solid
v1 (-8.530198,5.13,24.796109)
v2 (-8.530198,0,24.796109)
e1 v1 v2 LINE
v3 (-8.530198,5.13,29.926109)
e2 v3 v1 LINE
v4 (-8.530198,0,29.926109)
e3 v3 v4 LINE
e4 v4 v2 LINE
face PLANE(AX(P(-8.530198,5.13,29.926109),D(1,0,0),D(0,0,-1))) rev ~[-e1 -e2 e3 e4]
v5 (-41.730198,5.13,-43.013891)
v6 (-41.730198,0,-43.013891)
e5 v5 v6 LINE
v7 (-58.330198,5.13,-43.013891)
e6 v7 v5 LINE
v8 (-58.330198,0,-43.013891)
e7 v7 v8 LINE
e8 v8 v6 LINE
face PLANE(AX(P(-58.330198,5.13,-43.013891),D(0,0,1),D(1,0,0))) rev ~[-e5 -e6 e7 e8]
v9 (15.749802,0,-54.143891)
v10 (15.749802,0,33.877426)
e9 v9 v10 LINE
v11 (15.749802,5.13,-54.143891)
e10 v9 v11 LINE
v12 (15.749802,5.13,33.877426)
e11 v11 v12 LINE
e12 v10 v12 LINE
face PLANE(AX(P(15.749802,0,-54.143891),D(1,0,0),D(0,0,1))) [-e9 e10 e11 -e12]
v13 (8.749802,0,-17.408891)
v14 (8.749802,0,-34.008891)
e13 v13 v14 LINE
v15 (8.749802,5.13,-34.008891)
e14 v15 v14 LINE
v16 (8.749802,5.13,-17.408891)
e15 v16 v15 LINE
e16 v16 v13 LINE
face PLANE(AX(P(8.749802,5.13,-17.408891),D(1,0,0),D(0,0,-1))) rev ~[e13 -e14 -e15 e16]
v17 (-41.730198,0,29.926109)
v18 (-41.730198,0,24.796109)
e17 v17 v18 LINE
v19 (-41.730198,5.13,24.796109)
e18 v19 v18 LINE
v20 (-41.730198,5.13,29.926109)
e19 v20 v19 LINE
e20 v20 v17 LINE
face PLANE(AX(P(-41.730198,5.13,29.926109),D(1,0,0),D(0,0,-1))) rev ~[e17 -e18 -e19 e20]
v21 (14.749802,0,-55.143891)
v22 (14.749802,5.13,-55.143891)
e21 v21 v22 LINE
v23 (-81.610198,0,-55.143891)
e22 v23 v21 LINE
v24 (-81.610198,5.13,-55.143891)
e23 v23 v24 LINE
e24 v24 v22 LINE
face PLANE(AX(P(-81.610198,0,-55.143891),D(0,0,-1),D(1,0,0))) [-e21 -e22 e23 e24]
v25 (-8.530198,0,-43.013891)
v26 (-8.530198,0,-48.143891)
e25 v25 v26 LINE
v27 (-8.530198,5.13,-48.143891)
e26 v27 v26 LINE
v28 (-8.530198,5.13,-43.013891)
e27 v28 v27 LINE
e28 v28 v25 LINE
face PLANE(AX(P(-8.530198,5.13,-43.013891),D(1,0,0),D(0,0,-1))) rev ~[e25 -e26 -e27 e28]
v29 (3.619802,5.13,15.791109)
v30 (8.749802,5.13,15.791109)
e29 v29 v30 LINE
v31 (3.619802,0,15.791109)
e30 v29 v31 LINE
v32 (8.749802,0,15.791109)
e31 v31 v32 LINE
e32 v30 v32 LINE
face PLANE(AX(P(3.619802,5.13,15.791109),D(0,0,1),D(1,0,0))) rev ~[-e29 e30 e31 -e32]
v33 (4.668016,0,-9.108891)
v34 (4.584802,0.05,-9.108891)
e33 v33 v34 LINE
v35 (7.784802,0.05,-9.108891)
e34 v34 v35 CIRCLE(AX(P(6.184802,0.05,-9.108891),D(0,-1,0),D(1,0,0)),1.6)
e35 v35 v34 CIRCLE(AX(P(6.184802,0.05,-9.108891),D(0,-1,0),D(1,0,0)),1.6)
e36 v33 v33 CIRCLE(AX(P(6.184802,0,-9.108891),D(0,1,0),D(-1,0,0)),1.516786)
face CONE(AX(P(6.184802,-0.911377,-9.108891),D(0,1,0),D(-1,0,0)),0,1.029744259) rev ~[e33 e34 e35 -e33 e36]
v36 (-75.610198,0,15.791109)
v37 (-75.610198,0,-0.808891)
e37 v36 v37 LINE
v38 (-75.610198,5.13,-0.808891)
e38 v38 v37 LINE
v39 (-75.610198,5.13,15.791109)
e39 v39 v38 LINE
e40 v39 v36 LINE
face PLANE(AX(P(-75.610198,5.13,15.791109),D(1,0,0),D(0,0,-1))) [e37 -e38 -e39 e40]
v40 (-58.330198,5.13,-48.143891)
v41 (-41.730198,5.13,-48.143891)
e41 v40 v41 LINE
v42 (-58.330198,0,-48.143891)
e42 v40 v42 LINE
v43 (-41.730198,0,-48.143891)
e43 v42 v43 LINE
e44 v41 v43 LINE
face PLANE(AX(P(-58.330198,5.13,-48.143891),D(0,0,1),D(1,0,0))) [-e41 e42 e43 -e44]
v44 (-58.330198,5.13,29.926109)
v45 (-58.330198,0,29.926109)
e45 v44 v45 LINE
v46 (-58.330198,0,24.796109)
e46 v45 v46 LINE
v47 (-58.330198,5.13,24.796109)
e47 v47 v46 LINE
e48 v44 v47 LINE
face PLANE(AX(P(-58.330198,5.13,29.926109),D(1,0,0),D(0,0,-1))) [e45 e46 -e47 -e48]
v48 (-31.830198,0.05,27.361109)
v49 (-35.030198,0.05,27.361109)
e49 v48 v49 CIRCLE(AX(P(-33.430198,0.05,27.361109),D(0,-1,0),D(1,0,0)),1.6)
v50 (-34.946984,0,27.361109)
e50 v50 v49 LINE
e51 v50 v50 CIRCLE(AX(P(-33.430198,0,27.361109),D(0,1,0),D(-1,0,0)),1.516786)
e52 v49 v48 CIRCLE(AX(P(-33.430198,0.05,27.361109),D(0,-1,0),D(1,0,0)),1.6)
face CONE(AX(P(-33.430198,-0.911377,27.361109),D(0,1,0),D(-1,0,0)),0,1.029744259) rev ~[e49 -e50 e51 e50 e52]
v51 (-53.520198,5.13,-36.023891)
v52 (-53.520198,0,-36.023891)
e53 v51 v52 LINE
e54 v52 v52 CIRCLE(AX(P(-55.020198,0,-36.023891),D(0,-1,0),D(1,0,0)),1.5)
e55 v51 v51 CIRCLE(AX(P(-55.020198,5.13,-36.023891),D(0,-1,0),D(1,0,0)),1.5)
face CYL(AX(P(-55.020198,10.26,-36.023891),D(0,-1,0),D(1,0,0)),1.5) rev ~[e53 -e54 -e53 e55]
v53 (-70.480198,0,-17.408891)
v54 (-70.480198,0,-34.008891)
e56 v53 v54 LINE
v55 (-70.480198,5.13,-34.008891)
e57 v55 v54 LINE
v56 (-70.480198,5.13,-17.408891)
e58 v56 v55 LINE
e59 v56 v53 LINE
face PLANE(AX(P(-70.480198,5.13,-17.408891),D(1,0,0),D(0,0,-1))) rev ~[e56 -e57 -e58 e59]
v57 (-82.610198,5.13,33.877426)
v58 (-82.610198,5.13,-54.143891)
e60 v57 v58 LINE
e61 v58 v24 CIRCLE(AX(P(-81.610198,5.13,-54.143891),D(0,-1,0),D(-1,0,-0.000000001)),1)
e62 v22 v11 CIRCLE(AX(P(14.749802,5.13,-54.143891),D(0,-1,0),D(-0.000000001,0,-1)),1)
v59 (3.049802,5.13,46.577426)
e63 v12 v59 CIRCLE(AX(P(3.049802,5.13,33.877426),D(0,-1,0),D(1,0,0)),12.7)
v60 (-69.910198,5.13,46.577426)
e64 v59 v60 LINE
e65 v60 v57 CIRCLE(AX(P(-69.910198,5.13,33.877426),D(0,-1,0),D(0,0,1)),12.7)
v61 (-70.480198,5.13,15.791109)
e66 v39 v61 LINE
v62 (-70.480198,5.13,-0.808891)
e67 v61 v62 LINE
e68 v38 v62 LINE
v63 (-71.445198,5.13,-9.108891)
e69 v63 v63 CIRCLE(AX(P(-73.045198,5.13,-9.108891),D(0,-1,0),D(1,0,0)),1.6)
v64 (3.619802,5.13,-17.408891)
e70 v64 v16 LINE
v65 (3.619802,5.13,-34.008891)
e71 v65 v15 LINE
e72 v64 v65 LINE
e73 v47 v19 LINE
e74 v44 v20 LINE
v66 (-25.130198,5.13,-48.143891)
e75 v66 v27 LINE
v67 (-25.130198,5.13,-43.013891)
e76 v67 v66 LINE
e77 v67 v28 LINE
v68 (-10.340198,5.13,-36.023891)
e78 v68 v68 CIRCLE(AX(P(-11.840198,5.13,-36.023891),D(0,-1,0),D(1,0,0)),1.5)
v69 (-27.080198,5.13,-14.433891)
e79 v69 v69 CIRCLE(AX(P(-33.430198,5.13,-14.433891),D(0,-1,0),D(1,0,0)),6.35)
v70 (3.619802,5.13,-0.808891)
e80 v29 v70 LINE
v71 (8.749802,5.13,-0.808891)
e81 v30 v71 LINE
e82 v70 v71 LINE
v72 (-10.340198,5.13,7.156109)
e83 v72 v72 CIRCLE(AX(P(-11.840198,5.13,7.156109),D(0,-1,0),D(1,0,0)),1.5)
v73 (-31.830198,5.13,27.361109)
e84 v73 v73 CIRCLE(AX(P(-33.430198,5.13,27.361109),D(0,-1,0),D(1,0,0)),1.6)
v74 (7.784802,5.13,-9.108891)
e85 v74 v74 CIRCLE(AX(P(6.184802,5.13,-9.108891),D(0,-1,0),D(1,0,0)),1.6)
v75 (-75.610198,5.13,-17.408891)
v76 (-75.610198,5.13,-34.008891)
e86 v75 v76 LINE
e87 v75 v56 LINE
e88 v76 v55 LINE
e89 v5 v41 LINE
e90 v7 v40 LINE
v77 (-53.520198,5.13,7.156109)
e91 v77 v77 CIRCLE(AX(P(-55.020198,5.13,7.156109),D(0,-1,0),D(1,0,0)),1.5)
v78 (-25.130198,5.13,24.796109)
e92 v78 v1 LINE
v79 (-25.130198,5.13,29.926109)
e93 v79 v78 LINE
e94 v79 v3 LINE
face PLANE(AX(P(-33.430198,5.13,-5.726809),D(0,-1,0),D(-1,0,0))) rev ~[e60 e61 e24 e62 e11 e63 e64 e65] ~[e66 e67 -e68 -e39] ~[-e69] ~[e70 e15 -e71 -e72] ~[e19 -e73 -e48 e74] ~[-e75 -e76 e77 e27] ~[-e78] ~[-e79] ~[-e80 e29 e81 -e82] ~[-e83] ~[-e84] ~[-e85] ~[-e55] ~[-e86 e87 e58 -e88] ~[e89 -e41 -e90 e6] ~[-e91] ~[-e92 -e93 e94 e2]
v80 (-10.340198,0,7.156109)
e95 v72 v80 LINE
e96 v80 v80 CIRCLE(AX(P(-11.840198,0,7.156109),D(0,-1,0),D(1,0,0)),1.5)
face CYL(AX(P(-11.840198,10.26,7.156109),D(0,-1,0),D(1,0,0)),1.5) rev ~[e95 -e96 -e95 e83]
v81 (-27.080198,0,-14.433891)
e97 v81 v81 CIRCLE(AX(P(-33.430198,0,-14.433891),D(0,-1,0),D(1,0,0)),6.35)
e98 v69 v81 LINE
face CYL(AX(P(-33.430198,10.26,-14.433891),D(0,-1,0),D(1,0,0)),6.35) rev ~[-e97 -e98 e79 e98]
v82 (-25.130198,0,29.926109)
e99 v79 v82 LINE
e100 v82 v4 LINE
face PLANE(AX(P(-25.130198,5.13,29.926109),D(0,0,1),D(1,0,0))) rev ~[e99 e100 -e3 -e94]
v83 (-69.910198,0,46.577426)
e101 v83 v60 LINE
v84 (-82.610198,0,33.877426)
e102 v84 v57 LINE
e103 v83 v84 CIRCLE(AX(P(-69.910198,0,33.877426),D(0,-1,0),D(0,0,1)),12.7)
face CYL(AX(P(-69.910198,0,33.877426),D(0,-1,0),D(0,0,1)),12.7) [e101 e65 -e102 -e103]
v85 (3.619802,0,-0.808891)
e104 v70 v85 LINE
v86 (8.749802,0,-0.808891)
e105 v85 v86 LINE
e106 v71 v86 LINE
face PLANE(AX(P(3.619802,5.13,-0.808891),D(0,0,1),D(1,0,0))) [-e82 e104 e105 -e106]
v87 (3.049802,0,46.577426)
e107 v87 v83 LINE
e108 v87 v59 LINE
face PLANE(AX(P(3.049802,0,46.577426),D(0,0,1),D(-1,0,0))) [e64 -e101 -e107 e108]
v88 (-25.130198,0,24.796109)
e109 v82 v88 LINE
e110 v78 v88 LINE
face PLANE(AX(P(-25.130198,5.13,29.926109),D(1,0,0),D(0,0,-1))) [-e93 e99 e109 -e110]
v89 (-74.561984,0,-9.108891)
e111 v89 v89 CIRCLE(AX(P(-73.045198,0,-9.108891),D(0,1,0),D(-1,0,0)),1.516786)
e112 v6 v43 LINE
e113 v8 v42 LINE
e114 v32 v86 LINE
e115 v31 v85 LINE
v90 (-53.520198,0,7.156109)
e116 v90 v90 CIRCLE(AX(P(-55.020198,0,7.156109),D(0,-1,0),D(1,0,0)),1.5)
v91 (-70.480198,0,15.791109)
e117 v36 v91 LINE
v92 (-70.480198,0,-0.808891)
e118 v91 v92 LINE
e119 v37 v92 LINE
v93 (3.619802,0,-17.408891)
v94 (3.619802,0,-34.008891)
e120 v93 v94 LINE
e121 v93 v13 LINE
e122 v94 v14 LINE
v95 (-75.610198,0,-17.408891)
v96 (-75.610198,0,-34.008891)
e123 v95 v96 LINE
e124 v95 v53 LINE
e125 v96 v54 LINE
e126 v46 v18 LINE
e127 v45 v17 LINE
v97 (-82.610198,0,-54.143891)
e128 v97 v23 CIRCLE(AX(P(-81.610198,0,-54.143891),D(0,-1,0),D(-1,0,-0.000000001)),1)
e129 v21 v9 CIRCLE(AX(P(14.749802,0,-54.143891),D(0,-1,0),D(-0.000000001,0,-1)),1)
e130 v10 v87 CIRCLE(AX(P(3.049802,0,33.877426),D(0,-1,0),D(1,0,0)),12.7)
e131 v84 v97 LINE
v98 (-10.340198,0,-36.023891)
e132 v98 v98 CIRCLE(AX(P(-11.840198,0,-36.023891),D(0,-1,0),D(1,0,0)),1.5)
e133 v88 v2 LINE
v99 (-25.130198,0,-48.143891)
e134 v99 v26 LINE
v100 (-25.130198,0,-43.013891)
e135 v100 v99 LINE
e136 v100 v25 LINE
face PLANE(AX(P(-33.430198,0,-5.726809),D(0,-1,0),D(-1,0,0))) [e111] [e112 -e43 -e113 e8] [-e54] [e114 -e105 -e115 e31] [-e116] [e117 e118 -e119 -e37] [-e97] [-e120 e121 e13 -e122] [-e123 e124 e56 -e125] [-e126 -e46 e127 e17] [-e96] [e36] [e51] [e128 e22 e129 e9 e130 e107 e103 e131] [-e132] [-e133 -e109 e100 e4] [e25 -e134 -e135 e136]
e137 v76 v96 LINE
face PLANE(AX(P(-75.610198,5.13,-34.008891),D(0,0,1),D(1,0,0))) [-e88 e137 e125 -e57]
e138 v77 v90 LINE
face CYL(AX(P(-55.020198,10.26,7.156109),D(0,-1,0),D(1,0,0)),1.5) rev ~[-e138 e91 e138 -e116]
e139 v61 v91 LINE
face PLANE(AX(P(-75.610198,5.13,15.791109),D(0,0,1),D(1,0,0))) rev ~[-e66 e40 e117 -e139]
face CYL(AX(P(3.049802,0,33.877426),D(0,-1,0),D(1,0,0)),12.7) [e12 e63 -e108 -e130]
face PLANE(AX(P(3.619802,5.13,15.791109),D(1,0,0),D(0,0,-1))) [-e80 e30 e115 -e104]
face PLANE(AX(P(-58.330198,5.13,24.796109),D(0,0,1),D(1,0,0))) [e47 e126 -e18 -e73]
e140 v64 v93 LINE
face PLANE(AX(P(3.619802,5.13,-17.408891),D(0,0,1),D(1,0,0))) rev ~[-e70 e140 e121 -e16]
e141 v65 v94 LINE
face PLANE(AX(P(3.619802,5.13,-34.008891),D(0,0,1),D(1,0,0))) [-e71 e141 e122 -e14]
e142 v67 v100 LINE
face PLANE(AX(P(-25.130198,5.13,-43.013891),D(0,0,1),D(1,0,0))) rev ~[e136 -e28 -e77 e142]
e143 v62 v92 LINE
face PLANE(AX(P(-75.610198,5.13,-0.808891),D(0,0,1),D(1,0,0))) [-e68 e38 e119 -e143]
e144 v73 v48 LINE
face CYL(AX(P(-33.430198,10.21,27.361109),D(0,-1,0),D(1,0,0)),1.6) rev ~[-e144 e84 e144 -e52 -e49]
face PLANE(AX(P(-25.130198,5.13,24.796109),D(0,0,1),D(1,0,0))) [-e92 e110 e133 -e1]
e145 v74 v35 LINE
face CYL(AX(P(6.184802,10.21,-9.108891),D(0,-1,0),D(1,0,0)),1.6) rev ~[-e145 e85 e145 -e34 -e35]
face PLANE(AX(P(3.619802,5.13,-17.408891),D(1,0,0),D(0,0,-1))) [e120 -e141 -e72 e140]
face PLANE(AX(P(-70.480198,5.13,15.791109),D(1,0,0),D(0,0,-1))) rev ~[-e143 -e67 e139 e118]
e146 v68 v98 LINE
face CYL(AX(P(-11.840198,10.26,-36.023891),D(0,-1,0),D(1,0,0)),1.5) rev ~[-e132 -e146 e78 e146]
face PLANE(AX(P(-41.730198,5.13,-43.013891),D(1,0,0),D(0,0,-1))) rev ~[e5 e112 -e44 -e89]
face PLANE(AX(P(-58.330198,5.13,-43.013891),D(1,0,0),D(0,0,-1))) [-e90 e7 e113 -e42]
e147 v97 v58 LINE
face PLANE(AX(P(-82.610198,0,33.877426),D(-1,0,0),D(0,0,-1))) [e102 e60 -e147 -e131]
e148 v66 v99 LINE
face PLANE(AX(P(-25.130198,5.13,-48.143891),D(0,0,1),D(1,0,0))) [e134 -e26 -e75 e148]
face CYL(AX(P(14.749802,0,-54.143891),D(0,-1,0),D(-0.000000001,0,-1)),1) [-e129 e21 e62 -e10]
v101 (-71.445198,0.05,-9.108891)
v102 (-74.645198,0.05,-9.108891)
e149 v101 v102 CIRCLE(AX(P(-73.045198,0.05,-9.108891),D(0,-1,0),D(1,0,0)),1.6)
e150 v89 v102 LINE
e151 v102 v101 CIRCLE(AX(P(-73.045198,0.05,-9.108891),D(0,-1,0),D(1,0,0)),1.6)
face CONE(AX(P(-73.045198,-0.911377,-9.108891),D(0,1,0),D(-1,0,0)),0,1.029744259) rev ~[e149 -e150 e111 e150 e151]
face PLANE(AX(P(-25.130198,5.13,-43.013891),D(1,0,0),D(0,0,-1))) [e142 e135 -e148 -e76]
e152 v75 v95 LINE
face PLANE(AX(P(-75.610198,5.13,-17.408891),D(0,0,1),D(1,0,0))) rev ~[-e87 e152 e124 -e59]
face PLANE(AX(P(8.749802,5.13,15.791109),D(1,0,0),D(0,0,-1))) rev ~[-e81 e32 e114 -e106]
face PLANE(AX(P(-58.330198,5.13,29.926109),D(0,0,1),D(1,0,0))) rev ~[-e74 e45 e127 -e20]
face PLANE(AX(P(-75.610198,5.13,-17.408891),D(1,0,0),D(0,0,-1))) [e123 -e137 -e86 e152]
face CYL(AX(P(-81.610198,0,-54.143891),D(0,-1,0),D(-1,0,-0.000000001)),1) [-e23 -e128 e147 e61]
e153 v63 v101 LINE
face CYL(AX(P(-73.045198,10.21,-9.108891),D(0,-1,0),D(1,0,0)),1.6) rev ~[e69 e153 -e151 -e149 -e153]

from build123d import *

# Parameters (mm, degrees)
MAIN_DEPTH                     = 5.13
F_3_0_3_DIAMETER_HOLE2_D       = 3
F_3_0_3_DIAMETER_HOLE2_DEPTH   = 5.13
SKETCH4_W                      = 5.13
SKETCH4_H                      = 16.6
TEETH_HOLES_DEPTH              = 5.13
TEETH_HOLES_2_REACH            = 7.13
SKETCH5_W                      = 16.6
SKETCH5_H                      = 5.13
F_1_2_0_5_DIAMETER_HOLE1_D     = 12.7
F_1_2_0_5_DIAMETER_HOLE1_DEPTH = 5.13
M3_CLEARANCE_HOLE2_D           = 3.2
M3_CLEARANCE_HOLE2_DEPTH       = 5.08
M3_CLEARANCE_HOLE2_TIP         = 0.96137699


with BuildPart() as part:
    # Sketch1 → Main (new body)
    with BuildSketch(Plane(origin=(0, 0, 0), x_dir=(1, 0, 0), z_dir=(0, 1, 0))):
        with BuildLine():
            Line((-81.610197541, 55.143891453), (14.749802459, 55.143891453))
            ThreePointArc((14.749802459, 55.143891453), (15.456909241, 54.850998234), (15.749802459, 54.143891453))
            Line((15.749802459, 54.143891453), (15.749802459, -33.877426122))
            ThreePointArc((15.749802459, -33.877426122), (12.03005858, -42.857682243), (3.049802459, -46.577426122))
            Line((3.049802459, -46.577426122), (-69.910197541, -46.577426122))
            ThreePointArc((-69.910197541, -46.577426122), (-78.890453662, -42.857682243), (-82.610197541, -33.877426122))
            Line((-82.610197541, -33.877426122), (-82.610197541, 54.143891453))
            ThreePointArc((-82.610197541, 54.143891453), (-82.317304322, 54.850998234), (-81.610197541, 55.143891453))
        make_face()
    extrude(amount=MAIN_DEPTH)

    # Ø3.0 (3) Diameter Hole2
    with Locations(Plane(origin=(0, 5.13, 0), x_dir=(-1, 0, 0), z_dir=(0, 1, 0))):
        with Locations((55.020197541, -36.023891453), (11.840197541, -36.023891453), (55.020197541, 7.156108547), (11.840197541, 7.156108547)):
            Hole(F_3_0_3_DIAMETER_HOLE2_D / 2, depth=F_3_0_3_DIAMETER_HOLE2_DEPTH)

    # Sketch4 → Teeth holes (cut)
    with BuildSketch(Plane(origin=(0, 5.13, 0), x_dir=(1, 0, 0), z_dir=(0, 1, 0))):
        with Locations((-73.045197541, 25.708891453)):
            Rectangle(SKETCH4_W, SKETCH4_H)
        with Locations((6.184802459, 25.708891453)):
            Rectangle(SKETCH4_W, SKETCH4_H)
        with Locations((-73.045197541, -7.491108547)):
            Rectangle(SKETCH4_W, SKETCH4_H)
        with Locations((6.184802459, -7.491108547)):
            Rectangle(SKETCH4_W, SKETCH4_H)
    extrude(amount=-TEETH_HOLES_DEPTH, mode=Mode.SUBTRACT)

    # Sketch5 → Teeth holes 2 (cut, up to next)
    with BuildSketch(Plane(origin=(0, 5.13, 0), x_dir=(1, 0, 0), z_dir=(0, 1, 0)), mode=Mode.PRIVATE) as teeth_holes_2_sk1:
        with Locations((-50.030197541, 45.578891453)):
            Rectangle(SKETCH5_W, SKETCH5_H)
    teeth_holes_2_tool1 = extrude(teeth_holes_2_sk1.sketch, amount=-TEETH_HOLES_2_REACH, mode=Mode.PRIVATE) & part.part
    add(teeth_holes_2_tool1.solids().sort_by_distance((-50.030198, 5.13, -45.578891))[0], mode=Mode.SUBTRACT)
    # Sketch5 → Teeth holes 2 (cut, up to next)
    with BuildSketch(Plane(origin=(0, 5.13, 0), x_dir=(1, 0, 0), z_dir=(0, 1, 0)), mode=Mode.PRIVATE) as teeth_holes_2_sk2:
        with Locations((-16.830197541, 45.578891453)):
            Rectangle(SKETCH5_W, SKETCH5_H)
    teeth_holes_2_tool2 = extrude(teeth_holes_2_sk2.sketch, amount=-TEETH_HOLES_2_REACH, mode=Mode.PRIVATE) & part.part
    add(teeth_holes_2_tool2.solids().sort_by_distance((-16.830198, 5.13, -45.578891))[0], mode=Mode.SUBTRACT)
    # Sketch5 → Teeth holes 2 (cut, up to next)
    with BuildSketch(Plane(origin=(0, 5.13, 0), x_dir=(1, 0, 0), z_dir=(0, 1, 0)), mode=Mode.PRIVATE) as teeth_holes_2_sk3:
        with Locations((-50.030197541, -27.361108547)):
            Rectangle(SKETCH5_W, SKETCH5_H)
    teeth_holes_2_tool3 = extrude(teeth_holes_2_sk3.sketch, amount=-TEETH_HOLES_2_REACH, mode=Mode.PRIVATE) & part.part
    add(teeth_holes_2_tool3.solids().sort_by_distance((-50.030198, 5.13, 27.361109))[0], mode=Mode.SUBTRACT)
    # Sketch5 → Teeth holes 2 (cut, up to next)
    with BuildSketch(Plane(origin=(0, 5.13, 0), x_dir=(1, 0, 0), z_dir=(0, 1, 0)), mode=Mode.PRIVATE) as teeth_holes_2_sk4:
        with Locations((-16.830197541, -27.361108547)):
            Rectangle(SKETCH5_W, SKETCH5_H)
    teeth_holes_2_tool4 = extrude(teeth_holes_2_sk4.sketch, amount=-TEETH_HOLES_2_REACH, mode=Mode.PRIVATE) & part.part
    add(teeth_holes_2_tool4.solids().sort_by_distance((-16.830198, 5.13, 27.361109))[0], mode=Mode.SUBTRACT)

    # 1/2 (0.5) Diameter Hole1
    with Locations(Plane(origin=(0, 5.13, 0), x_dir=(-1, 0, 0), z_dir=(0, 1, 0))):
        with Locations((33.430197541, -14.433891453)):
            Hole(F_1_2_0_5_DIAMETER_HOLE1_D / 2, depth=F_1_2_0_5_DIAMETER_HOLE1_DEPTH)

    # M3 Clearance Hole2
    with Locations(Plane(origin=(0, 5.13, 0), x_dir=(-1, 0, 0), z_dir=(0, 1, 0))):
        with Locations((73.045197541, -9.108891453), (-6.184802459, -9.108891453), (33.430197541, 27.361108547)):
            Hole(M3_CLEARANCE_HOLE2_D / 2, depth=M3_CLEARANCE_HOLE2_DEPTH)
            with Locations((0, 0, -(M3_CLEARANCE_HOLE2_DEPTH + M3_CLEARANCE_HOLE2_TIP / 2))):  # 118° drill point
                Cone(0, M3_CLEARANCE_HOLE2_D / 2, M3_CLEARANCE_HOLE2_TIP, mode=Mode.SUBTRACT)


solid = part.part
